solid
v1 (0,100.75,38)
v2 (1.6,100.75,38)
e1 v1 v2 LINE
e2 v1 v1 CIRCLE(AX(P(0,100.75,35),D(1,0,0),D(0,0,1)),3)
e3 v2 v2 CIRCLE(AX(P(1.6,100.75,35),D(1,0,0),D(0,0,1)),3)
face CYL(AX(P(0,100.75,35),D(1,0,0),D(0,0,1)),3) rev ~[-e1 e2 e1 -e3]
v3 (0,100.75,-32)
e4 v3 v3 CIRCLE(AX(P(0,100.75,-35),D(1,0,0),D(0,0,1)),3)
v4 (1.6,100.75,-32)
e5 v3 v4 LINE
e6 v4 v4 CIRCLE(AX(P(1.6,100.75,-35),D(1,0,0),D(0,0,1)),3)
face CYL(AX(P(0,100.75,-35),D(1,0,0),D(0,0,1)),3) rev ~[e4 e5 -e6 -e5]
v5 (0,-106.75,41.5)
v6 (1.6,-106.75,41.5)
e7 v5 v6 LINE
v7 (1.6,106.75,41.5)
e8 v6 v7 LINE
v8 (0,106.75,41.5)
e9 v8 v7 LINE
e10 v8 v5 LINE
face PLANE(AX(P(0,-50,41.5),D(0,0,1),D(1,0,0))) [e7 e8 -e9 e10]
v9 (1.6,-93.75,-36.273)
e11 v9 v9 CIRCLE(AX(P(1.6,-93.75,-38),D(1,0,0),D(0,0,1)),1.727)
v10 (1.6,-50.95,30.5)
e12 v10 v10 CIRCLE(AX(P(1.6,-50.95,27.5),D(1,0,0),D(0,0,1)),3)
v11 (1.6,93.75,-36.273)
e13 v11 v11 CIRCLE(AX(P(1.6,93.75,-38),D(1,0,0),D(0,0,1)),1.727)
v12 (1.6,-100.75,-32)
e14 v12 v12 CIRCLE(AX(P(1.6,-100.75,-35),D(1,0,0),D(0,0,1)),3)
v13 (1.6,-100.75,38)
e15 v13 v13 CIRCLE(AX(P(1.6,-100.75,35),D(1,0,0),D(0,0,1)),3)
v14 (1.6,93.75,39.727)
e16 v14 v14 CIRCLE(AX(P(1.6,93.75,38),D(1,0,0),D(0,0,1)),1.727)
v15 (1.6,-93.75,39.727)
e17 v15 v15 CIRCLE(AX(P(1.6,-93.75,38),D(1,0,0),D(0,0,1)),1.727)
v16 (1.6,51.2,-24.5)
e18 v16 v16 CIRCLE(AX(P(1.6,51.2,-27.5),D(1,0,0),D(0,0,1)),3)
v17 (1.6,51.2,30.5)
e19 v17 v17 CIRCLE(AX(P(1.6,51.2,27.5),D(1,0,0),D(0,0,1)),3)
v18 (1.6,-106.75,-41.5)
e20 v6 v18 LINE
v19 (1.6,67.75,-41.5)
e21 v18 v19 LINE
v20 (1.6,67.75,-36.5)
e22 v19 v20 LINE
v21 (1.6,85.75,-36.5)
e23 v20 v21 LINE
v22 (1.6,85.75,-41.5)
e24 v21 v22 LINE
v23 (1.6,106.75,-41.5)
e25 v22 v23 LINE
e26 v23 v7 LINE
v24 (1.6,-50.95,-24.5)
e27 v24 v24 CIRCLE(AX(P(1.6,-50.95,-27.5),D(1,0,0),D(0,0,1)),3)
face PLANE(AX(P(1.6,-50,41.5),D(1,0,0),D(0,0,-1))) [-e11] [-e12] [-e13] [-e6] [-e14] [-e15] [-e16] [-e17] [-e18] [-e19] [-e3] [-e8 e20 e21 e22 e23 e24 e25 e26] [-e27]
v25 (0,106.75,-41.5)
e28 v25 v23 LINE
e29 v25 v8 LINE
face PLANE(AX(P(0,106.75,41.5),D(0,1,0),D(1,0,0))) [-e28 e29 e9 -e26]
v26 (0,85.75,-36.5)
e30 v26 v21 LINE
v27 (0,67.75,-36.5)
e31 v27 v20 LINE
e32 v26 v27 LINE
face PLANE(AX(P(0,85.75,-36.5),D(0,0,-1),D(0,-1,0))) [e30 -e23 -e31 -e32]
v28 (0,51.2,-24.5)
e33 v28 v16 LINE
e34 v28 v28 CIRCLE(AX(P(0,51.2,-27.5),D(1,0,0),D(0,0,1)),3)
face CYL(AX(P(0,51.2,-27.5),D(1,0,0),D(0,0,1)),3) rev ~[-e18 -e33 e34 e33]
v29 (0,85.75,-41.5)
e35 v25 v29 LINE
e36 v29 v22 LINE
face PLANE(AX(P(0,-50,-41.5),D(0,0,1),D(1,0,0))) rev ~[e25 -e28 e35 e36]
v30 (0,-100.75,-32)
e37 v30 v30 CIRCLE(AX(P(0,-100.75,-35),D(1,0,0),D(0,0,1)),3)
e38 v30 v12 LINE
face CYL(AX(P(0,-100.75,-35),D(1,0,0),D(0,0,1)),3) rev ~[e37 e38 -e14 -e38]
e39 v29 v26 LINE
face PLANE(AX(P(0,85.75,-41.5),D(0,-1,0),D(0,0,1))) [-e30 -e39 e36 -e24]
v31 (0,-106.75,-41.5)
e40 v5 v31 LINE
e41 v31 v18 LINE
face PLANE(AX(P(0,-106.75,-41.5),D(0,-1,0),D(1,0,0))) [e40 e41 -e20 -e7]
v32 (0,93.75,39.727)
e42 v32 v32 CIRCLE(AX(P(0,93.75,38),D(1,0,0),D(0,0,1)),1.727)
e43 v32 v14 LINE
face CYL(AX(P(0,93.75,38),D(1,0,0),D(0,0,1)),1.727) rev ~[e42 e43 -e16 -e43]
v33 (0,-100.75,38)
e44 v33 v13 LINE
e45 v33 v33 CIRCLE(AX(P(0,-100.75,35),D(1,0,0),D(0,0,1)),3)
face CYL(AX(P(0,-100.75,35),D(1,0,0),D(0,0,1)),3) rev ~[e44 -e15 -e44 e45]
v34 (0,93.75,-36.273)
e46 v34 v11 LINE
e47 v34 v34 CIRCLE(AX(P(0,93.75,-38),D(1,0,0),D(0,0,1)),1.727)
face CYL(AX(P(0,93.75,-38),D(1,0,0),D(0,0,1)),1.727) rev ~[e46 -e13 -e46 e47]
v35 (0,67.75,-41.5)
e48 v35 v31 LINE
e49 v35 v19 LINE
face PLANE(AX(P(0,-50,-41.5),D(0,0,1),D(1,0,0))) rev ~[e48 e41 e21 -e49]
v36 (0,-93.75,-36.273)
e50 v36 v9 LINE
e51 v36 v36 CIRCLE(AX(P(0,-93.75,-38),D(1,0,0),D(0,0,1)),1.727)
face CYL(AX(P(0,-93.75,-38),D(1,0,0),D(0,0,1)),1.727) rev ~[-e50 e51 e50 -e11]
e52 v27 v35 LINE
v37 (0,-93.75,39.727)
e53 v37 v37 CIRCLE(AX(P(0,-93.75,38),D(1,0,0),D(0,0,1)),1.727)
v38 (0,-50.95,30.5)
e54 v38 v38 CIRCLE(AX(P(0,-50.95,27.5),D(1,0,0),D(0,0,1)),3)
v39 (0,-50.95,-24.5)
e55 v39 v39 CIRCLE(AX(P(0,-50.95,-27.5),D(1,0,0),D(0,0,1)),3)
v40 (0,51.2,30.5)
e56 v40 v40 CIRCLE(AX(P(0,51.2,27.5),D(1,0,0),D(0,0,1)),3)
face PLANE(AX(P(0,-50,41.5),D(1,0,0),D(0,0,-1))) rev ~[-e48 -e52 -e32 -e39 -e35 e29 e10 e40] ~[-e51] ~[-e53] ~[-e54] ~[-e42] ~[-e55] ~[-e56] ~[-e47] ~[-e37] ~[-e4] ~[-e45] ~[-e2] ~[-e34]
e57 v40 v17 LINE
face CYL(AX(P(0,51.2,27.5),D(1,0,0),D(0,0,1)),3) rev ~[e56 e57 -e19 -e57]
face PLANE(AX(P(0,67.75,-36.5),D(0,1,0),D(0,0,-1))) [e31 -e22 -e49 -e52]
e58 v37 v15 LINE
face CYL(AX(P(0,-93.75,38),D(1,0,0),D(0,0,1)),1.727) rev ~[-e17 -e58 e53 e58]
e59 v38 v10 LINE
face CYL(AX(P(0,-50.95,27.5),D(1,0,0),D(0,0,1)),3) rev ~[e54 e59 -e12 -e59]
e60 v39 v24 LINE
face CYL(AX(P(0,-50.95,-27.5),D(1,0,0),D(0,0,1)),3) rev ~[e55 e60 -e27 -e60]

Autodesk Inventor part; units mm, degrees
ref_plane "YZ Plane" through (0, 0, 0) normal (1, 0, 0) x (0, 1, 0)
ref_plane "XZ Plane" through (0, 0, 0) normal (0, 1, 0) x (-1, 0, 0)
ref_plane "XY Plane" through (0, 0, 0) normal (0, 0, 1) x (1, 0, 0)
sketch "Sketch1" plane through (0, 0, 0) normal (1, 0, 0) x (0, 1, 0)
  line L0 (50, 41.5) -> (-50, 41.5)
  line L1 (-50, 41.5) -> (-50, -41.5)
  line L2 (-50, -41.5) -> (50, -41.5)
  line L3 (50, -41.5) -> (50, 41.5)
  point P0 (0, 0)
  point P1 (50, 0)
  point P2 (0, -41.5)
  dimension "d0" = 100
  dimension "d1" = 83
extrude "Extrusion1" add sketch "Sketch1" along normal blind 1.6
sketch "Sketch12" plane through (0, 50, 41.5) normal (0, 1, 0) x (1, 0, 0)
  line L0 (0, 83) -> (0, 0) projected
  line L1 (0, 0) -> (1.6, 0) projected
  line L2 (1.6, 83) -> (1.6, 0) projected
  line L3 (0, 83) -> (1.6, 83) projected
  point P0 (0, 41.5)
extrude "Extrusion3" add sketch "Sketch12" along normal blind 56.75
sketch "Sketch13" plane through (0, -50, -41.5) normal (0, -1, 0) x (1, 0, 0)
  line L0 (0, 83) -> (0, 0) projected
  line L1 (0, 0) -> (1.6, 0) projected
  line L2 (1.6, 83) -> (1.6, 0) projected
  line L3 (0, 83) -> (1.6, 83) projected
  point P0 (0, 41.5)
extrude "Extrusion4" add sketch "Sketch13" along normal blind 56.75
sketch "Sketch16" plane through (0, 0, 0) normal (-1, 0, 0) x (0, 0, 1)
  line L0 (41.5, -106.75) -> (41.5, 106.75) projected
  line L1 (-41.5, 106.75) -> (41.5, 106.75) projected
  line L2 (-41.5, 106.75) -> (-41.5, -106.75) projected
  line L3 (41.5, -106.75) -> (-41.5, -106.75) projected
  line L4 (0, 0) -> (-25, 0) construction
  point P0 (35, -100.75)
  point P1 (-35, -100.75)
  point P2 (35, 100.75)
  point P3 (-35, 100.75)
  dimension "d168" = 70
  dimension "d169" = 6
  dimension "d170" = 35
hole "Hole8" at (0, -100.75, 35) at (0, -100.75, -35) at (0, 100.75, 35) at (0, 100.75, -35) direction (1, 0, 0) diameter 6 end through all
sketch "Sketch19" plane through (0, 0, 0) normal (-1, 0, 0) x (0, 0, 1)
  circle A0 centre (-27.5, 51.25) radius 3 construction
  line L0 (-39, 76.75) -> (-39, 72) construction
  line L1 (-39, 76.75) -> (-39, 81.5) construction
  line L2 (-41.5, 106.75) -> (-41.5, -106.75) construction
  line L3 (-41.5, 106.75) -> (41.5, 106.75) projected
  point P0 (0, 0)
  dimension "d194" = 4.75
  dimension "d195" = 4.75
  dimension "d203" = 25.25
  dimension "d204" = 2.5
hole "Hole9" at (0, 72, -39) at (0, 81.5, -39) direction (1, 0, 0) diameter 2.6 end through all clearance for "Flat Head Machine Screw" size "M2" standard "Ansi Metric M Profile"
sketch "Sketch21" plane through (0, 0, 0) normal (-1, 0, 0) x (0, 0, 1)
  line L0 (-41.5, 106.75) -> (-41.5, -106.75) projected
  line L1 (-41.5, 85.75) -> (-36.5, 85.75)
  line L2 (-36.5, 85.75) -> (-36.5, 67.75)
  line L3 (-36.5, 67.75) -> (-41.5, 67.75)
  line L4 (-41.5, 67.75) -> (-41.5, 85.75)
  line L5 (-41.5, 106.75) -> (41.5, 106.75) projected
  point P0 (0, 0)
  point P1 (-41.5, 67.75)
  dimension "d205" = 5
  dimension "d206" = 21
  dimension "d207" = 18
extrude "Extrusion5" cut sketch "Sketch21" against normal through all
sketch "Sketch23" plane through (0, 0, 0) normal (-1, 0, 0) x (0, 0, 1)
  circle A0 centre (-35, 100.75) radius 3 projected
  line L0 (0, 0) -> (-12.2775, 0) construction
  point P0 (38, 93.75)
  point P1 (-38, 93.75)
  point P2 (38, -93.75)
  point P3 (-38, -93.75)
  dimension "d220" = 76
  dimension "d221" = 38
  dimension "d229" = 7
hole "Hole11" at (0, 93.75, 38) at (0, 93.75, -38) at (0, -93.75, 38) at (0, -93.75, -38) direction (1, 0, 0) diameter 3.454 end through all clearance for "Flat Head Machine Screw (82)" size "#4" standard "Ansi Unified Screw Threads"
sketch "Sketch24" plane through (1.6, 0, 0) normal (1, 0, 0) x (0, 0, -1)
  circle A0 centre (-38, -93.75) radius 1.727 projected
  circle A1 centre (-38, 93.75) radius 1.727 projected
  circle A2 centre (38, 93.75) radius 1.727 projected
  circle A3 centre (38, -93.75) radius 1.727 projected
  line L0 (41.5, 67.75) -> (36.5, 67.75) projected
  line L1 (36.5, 67.75) -> (36.5, 85.75) projected
  line L2 (36.5, 85.75) -> (41.5, 85.75) projected
  line L3 (41.5, 106.75) -> (41.5, 85.75) projected
  line L4 (-41.5, 106.75) -> (41.5, 106.75) projected
  line L5 (-41.5, -106.75) -> (-41.5, 106.75) projected
  line L6 (41.5, -106.75) -> (-41.5, -106.75) projected
  line L7 (41.5, 67.75) -> (41.5, -106.75) projected
  circle A4 centre (35, 100.75) radius 3 projected
  circle A5 centre (35, -100.75) radius 3 projected
  circle A6 centre (-35, -100.75) radius 3 projected
  circle A7 centre (-35, 100.75) radius 3 projected
  line L8 (-41.5, 106.75) -> (-41.5, 93)
  line L9 (-41.5, -106.75) -> (-41.5, 106.75) projected
  line L10 (-41.5, 93) -> (-41.5, 53.25)
  line L11 (-41.5, 53.25) -> (-41.5, 45)
  line L12 (-41.5, 45) -> (-41.5, 5.25)
  line L13 (-41.5, 5.25) -> (-41.5, -8.25)
  line L14 (-41.5, -8.25) -> (41.5, -8.25)
  line L15 (41.5, 67.75) -> (41.5, -106.75) projected
  line L16 (-41.5, -106.75) -> (-41.5, -93)
  line L17 (-41.5, -93) -> (-41.5, -53.25)
  line L18 (-41.5, -53.25) -> (41.5, -53.25)
  line L19 (-41.5, -93) -> (41.5, -93)
  line L20 (-41.5, 5.25) -> (41.5, 5.25)
  line L21 (-41.5, 45) -> (41.5, 45)
  line L22 (-41.5, 53.25) -> (41.5, 53.25)
  line L23 (-41.5, 93) -> (41.5, 93)
  line L24 (41.5, 106.75) -> (41.5, 85.75) projected
  line L25 (-41.5, -53.25) -> (-41.5, -45)
  line L26 (-41.5, -45) -> (41.5, -45)
  line L27 (-41.5, 5.25) -> (-41.5, 4.75)
  line L28 (-41.5, 4.75) -> (41.5, 4.75)
  line L29 (-41.5, -8.25) -> (-41.5, -7.75)
  line L30 (-41.5, -7.75) -> (41.5, -7.75)
  line L31 (0, 106.75) -> (0, -106.75)
  line L32 (-41.5, -106.75) -> (41.5, -106.75) projected
  line L33 (-34.55, 53.275) -> (34.55, 53.275)
  line L34 (34.55, 53.275) -> (34.55, 92.975)
  line L35 (34.55, 92.975) -> (-34.55, 92.975)
  line L36 (-34.55, 92.975) -> (-34.55, 53.275)
  line L37 (-34.55, 53.275) -> (34.55, 92.975) construction
  line L38 (34.55, 53.275) -> (-34.55, 92.975) construction
  line L39 (-34.55, 5.275) -> (34.55, 5.275)
  line L40 (34.55, 5.275) -> (34.55, 44.975)
  line L41 (34.55, 44.975) -> (-34.55, 44.975)
  line L42 (-34.55, 44.975) -> (-34.55, 5.275)
  line L43 (-34.55, 5.275) -> (34.55, 44.975) construction
  line L44 (34.55, 5.275) -> (-34.55, 44.975) construction
  line L45 (-34.55, -94.475) -> (34.55, -94.475)
  line L46 (34.55, -94.475) -> (34.55, -54.775)
  line L47 (34.55, -54.775) -> (-34.55, -54.775)
  line L48 (-34.55, -54.775) -> (-34.55, -94.475)
  line L49 (-34.55, -94.475) -> (34.55, -54.775) construction
  line L50 (34.55, -94.475) -> (-34.55, -54.775) construction
  line L51 (0, -45) -> (0, -25.25)
  line L52 (-34.55, -45.1) -> (34.55, -45.1)
  line L53 (34.55, -45.1) -> (34.55, -5.4)
  line L54 (34.55, -5.4) -> (-34.55, -5.4)
  line L55 (-34.55, -5.4) -> (-34.55, -45.1)
  line L56 (-34.55, -45.1) -> (34.55, -5.4) construction
  line L57 (34.55, -45.1) -> (-34.55, -5.4) construction
  line L58 (41.5, 106.75) -> (-41.5, 106.75) projected
  line L59 (-41.5, 106.75) -> (-34.55, 106.75)
  line L60 (-41.5, 4.75) -> (-32.5, 4.75)
  line L61 (-32.5, 4.75) -> (-32.5, -7.75)
  line L62 (32.5, 4.75) -> (32.5, -7.75)
  point P0 (0, 0)
  point P1 (0, 73.125)
  point P2 (0, 25.125)
  point P3 (0, -74.625)
  point P4 (32.5, -7.75)
  dimension "d230" = 13.75
  dimension "d231" = 39.75
  dimension "d232" = 8.25
  dimension "d233" = 39.75
  dimension "d234" = 13.5
  dimension "d235" = 13.75
  dimension "d236" = 39.75
  dimension "d238" = 8.25
  dimension "d239" = 0.5
  dimension "d240" = 0.5
  dimension "d241" = 69.1
  dimension "d242" = 39.7
  dimension "d243" = 39.7
  dimension "d244" = 39.7
  dimension "d245" = 36.75
  dimension "d246" = 19.75
  dimension "d247" = 69.1
  dimension "d248" = 39.7
  dimension "d249" = 69.1
  dimension "d250" = 9
extrude "Extrusion6" cut sketch "Sketch24" against normal blind 10 contours L28 L31 L54 L61 | L61 L54 L31 L30 | L31 L54 L62 L30 | L28 L62 L54 L31
extrude "Extrusion7" add sketch "Sketch24" against normal blind 1.6 contours L28 L31 L54 L61 | L61 L54 L31 L30 | L31 L54 L62 L30 | L28 L62 L54 L31
sketch "Sketch25" plane through (0, 0, 0) normal (-1, 0, 0) x (0, 0, 1)
  line L0 (41.5, -106.75) -> (-41.5, -106.75) projected
  line L1 (41.5, -106.75) -> (41.5, 106.75) projected
  line L2 (0, -106.75) -> (0, -100.8684)
  line L3 (-41.5, 106.75) -> (41.5, 106.75) projected
  line L4 (50, -53.6437) -> (50.1814, -53.6437)
  line L5 (50, -54.25) -> (51.6, -54.25)
  point P0 (0, 0)
  point P1 (27.5, -50.95)
  point P2 (-27.5, -50.95)
  point P3 (27.5, 51.2)
  point P4 (-27.5, 51.2)
  dimension "d255" = 55.8
  dimension "d256" = 14
  dimension "d257" = 55.55
  dimension "d265" = 14
hole "Hole12" at (0, -50.95, 27.5) at (0, -50.95, -27.5) at (0, 51.2, 27.5) at (0, 51.2, -27.5) direction (1, 0, 0) diameter 6 end through all
sketch "Sketch26" plane through (0, 0, 0) normal (-1, 0, 0) x (0, 0, 1)
  line L0 (0, 0) -> (0, 213.5)
  circle A0 centre (35.5, 0) radius 1.727
  line L1 (32.5, 4.75) -> (32.5, -1.75)
  line L2 (-32.5, -1.75) -> (-32.5, 4.75)
  circle A1 centre (-35.5, 0) radius 1.727
  line L3 (29.5, -4.75) -> (-29.5, -4.75)
  line L4 (-29.5, 7.75) -> (29.5, 7.75)
  line L5 (41.5, -106.75) -> (41.5, 106.75) projected
  line L6 (41.5, -106.75) -> (-41.5, -106.75) projected
  line L7 (-29.5, -4.75) -> (29.5, -4.75)
  line L8 (32.5, -1.75) -> (32.5, 4.75)
  line L9 (29.5, 7.75) -> (-29.5, 7.75)
  line L10 (-32.5, 4.75) -> (-32.5, -1.75)
  arc A2 (-29.5, 7.75) -> (-32.5, 4.75) centre (-29.5, 4.75) ccw
  arc A3 (-32.5, -1.75) -> (-29.5, -4.75) centre (-29.5, -1.75) ccw
  arc A4 (29.5, -4.75) -> (32.5, -1.75) centre (29.5, -1.75) ccw
  arc A5 (32.5, 4.75) -> (29.5, 7.75) centre (29.5, 4.75) ccw
  point P0 (32.5, 7.75)
  point P1 (32.5, -4.75)
  point P2 (-32.5, 7.75)
  dimension "d266" = 65
  dimension "d267" = 12.5
  dimension "d268" = 3
equation "\"d170\" = 0.5 * d168"
equation "\"d195\" = d194"
equation "\"d221\" = 0.5 * d220"
properties part number "SP01" material "Acetal Resin, Black"
